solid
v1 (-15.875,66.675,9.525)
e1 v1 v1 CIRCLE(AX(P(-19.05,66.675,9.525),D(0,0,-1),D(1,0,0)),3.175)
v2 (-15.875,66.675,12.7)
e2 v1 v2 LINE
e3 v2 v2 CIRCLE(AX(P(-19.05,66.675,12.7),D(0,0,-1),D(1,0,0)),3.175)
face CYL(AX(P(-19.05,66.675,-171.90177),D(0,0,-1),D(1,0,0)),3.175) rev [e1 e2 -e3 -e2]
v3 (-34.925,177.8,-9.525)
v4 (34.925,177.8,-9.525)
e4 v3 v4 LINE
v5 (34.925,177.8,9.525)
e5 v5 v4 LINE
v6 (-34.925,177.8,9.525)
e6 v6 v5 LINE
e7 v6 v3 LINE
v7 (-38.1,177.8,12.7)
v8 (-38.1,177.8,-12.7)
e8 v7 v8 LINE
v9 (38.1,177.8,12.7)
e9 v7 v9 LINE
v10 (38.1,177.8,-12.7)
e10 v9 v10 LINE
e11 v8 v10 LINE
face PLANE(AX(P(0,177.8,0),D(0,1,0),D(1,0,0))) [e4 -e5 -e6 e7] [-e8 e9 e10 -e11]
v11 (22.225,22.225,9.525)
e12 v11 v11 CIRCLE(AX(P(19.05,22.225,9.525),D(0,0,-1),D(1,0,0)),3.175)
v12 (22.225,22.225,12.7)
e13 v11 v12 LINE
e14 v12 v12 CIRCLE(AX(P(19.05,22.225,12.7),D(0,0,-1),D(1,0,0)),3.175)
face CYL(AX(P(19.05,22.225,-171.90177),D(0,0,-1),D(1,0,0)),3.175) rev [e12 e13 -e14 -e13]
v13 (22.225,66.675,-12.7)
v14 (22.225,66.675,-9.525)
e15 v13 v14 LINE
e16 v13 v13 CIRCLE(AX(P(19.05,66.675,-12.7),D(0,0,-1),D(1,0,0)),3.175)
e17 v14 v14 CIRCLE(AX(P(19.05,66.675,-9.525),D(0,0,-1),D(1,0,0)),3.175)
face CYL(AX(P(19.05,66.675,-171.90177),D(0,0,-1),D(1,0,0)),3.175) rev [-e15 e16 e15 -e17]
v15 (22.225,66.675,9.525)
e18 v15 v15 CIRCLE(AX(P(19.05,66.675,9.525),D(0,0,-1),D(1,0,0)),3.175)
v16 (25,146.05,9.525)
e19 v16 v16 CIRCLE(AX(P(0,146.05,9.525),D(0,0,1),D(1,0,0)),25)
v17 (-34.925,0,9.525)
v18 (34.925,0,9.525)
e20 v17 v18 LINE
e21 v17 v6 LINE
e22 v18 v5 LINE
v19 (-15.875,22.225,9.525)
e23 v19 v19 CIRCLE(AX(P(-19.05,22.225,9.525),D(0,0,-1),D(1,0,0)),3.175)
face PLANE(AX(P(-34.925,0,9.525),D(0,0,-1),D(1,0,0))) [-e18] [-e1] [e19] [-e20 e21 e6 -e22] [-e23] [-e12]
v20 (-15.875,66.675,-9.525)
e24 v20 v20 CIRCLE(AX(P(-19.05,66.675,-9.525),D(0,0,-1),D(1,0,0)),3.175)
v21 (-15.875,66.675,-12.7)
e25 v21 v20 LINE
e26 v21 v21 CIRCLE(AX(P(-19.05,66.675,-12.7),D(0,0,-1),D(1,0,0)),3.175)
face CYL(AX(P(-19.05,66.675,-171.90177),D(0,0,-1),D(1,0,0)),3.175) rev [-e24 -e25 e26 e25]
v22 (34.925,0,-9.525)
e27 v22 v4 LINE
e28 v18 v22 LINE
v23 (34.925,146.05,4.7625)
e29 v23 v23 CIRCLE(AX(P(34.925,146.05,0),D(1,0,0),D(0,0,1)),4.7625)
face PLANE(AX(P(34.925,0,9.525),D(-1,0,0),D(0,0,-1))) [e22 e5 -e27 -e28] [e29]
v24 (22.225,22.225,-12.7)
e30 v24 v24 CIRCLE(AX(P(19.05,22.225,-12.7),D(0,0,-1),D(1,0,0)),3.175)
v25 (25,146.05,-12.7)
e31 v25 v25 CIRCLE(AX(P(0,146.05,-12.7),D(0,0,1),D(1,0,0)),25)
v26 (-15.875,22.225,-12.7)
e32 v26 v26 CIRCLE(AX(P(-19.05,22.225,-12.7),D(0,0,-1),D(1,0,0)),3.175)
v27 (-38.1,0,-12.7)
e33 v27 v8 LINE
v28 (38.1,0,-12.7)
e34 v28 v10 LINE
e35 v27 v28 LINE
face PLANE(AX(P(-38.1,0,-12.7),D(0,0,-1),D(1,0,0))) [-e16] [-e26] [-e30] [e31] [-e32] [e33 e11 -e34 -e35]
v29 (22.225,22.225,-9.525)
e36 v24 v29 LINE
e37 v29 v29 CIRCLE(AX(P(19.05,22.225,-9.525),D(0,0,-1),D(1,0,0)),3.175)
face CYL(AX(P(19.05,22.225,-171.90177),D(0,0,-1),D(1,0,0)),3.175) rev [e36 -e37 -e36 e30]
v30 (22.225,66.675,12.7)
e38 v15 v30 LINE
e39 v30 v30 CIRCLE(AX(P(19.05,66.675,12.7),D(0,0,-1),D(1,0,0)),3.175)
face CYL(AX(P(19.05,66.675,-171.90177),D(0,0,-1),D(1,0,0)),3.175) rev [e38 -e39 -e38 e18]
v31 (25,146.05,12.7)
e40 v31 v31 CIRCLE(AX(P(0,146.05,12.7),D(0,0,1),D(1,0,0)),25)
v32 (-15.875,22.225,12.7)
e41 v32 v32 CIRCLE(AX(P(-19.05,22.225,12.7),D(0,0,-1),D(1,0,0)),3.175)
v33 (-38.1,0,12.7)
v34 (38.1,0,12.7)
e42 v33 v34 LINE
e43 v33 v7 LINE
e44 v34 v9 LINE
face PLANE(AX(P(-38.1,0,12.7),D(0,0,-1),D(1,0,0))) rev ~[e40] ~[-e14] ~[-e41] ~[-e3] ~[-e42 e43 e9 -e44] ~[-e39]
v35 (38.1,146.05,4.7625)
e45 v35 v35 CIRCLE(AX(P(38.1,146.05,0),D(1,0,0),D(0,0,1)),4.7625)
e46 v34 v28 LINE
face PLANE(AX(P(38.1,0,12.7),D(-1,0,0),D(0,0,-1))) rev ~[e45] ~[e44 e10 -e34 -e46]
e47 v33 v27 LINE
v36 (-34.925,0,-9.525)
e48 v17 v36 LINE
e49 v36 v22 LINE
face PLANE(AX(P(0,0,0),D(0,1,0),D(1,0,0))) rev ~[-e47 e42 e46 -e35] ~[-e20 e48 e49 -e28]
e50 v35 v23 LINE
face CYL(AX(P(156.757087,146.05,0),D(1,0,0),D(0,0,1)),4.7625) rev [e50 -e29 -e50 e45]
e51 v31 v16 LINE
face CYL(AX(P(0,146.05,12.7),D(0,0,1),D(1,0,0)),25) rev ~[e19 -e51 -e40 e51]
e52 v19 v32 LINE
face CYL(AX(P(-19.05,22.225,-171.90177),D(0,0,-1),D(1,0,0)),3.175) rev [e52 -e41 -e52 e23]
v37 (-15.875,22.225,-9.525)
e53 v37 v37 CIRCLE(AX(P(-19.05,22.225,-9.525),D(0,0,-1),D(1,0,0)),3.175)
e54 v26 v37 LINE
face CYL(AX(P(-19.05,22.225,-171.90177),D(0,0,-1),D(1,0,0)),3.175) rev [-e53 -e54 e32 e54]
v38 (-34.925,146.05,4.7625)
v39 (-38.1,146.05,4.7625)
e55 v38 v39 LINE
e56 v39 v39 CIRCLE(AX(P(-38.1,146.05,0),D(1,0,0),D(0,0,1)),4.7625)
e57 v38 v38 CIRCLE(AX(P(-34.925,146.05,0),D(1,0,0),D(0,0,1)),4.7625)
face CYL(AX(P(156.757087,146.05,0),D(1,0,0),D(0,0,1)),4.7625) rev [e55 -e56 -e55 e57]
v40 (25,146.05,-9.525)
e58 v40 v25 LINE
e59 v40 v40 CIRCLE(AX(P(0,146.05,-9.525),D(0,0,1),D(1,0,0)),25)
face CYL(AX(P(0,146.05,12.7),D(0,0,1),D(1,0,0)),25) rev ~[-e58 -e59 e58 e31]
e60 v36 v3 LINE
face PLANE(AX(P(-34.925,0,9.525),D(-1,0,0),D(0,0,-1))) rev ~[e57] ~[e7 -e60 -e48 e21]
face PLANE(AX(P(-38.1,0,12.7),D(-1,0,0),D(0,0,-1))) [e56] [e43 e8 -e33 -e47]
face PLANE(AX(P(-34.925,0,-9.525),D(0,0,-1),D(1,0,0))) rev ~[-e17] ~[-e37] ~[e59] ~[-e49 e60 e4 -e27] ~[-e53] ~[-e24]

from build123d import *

# Parameters (mm, degrees)
SKETCH1_W               = 76.2
SKETCH1_H               = 25.4
SKETCH1_W_2             = 69.85
SKETCH1_H_2             = 19.05
BOSS_EXTRUDE1_DEPTH     = 177.8
SKETCH2_R               = 25
CUT_EXTRUDE1_DEPTH      = 184.601770144
CUT_EXTRUDE2_DEPTH      = 194.857086535
CUT_EXTRUDE2_DEPTH_BACK = 194.857086535
SKETCH3_R               = 4.7625
CUT_EXTRUDE3_DEPTH      = 184.601770144
CUT_EXTRUDE3_DEPTH_BACK = 184.601770144
SKETCH4_R               = 3.175


with BuildPart() as part:
    # Sketch1 → Boss-Extrude1 (new body)
    with BuildSketch(Plane(origin=(0, 0, 0), x_dir=(1, 0, 0), z_dir=(0, 1, 0))):
        Rectangle(SKETCH1_W, SKETCH1_H)
        Rectangle(SKETCH1_W_2, SKETCH1_H_2, mode=Mode.SUBTRACT)
    extrude(amount=BOSS_EXTRUDE1_DEPTH)

    # Sketch2 → Cut-Extrude1 (cut, through all)
    with BuildSketch(Plane.XY.offset(12.7)):
        with Locations((0, 146.05)):
            Circle(SKETCH2_R)
    extrude(amount=-CUT_EXTRUDE1_DEPTH, mode=Mode.SUBTRACT)

    # Sketch3 → Cut-Extrude2 (cut, two sides: drawn at the far end of the back side and taken through both)
    with BuildSketch(Plane.ZY.offset(38.1).offset(-CUT_EXTRUDE2_DEPTH_BACK)):
        with Locations((0, 146.05)):
            Circle(SKETCH3_R)
    extrude(amount=CUT_EXTRUDE2_DEPTH + CUT_EXTRUDE2_DEPTH_BACK, mode=Mode.SUBTRACT)

    # Sketch4 → Cut-Extrude3 (cut, two sides: drawn at the far end of the back side and taken through both)
    with BuildSketch(Plane.XY.offset(12.7).offset(-CUT_EXTRUDE3_DEPTH_BACK)):
        with Locations((-19.05, 66.675)):
            Circle(SKETCH4_R)
        with Locations((19.05, 66.675)):
            Circle(SKETCH4_R)
        with Locations((19.05, 22.225)):
            Circle(SKETCH4_R)
        with Locations((-19.05, 22.225)):
            Circle(SKETCH4_R)
    extrude(amount=CUT_EXTRUDE3_DEPTH + CUT_EXTRUDE3_DEPTH_BACK, mode=Mode.SUBTRACT)


solid = part.part
